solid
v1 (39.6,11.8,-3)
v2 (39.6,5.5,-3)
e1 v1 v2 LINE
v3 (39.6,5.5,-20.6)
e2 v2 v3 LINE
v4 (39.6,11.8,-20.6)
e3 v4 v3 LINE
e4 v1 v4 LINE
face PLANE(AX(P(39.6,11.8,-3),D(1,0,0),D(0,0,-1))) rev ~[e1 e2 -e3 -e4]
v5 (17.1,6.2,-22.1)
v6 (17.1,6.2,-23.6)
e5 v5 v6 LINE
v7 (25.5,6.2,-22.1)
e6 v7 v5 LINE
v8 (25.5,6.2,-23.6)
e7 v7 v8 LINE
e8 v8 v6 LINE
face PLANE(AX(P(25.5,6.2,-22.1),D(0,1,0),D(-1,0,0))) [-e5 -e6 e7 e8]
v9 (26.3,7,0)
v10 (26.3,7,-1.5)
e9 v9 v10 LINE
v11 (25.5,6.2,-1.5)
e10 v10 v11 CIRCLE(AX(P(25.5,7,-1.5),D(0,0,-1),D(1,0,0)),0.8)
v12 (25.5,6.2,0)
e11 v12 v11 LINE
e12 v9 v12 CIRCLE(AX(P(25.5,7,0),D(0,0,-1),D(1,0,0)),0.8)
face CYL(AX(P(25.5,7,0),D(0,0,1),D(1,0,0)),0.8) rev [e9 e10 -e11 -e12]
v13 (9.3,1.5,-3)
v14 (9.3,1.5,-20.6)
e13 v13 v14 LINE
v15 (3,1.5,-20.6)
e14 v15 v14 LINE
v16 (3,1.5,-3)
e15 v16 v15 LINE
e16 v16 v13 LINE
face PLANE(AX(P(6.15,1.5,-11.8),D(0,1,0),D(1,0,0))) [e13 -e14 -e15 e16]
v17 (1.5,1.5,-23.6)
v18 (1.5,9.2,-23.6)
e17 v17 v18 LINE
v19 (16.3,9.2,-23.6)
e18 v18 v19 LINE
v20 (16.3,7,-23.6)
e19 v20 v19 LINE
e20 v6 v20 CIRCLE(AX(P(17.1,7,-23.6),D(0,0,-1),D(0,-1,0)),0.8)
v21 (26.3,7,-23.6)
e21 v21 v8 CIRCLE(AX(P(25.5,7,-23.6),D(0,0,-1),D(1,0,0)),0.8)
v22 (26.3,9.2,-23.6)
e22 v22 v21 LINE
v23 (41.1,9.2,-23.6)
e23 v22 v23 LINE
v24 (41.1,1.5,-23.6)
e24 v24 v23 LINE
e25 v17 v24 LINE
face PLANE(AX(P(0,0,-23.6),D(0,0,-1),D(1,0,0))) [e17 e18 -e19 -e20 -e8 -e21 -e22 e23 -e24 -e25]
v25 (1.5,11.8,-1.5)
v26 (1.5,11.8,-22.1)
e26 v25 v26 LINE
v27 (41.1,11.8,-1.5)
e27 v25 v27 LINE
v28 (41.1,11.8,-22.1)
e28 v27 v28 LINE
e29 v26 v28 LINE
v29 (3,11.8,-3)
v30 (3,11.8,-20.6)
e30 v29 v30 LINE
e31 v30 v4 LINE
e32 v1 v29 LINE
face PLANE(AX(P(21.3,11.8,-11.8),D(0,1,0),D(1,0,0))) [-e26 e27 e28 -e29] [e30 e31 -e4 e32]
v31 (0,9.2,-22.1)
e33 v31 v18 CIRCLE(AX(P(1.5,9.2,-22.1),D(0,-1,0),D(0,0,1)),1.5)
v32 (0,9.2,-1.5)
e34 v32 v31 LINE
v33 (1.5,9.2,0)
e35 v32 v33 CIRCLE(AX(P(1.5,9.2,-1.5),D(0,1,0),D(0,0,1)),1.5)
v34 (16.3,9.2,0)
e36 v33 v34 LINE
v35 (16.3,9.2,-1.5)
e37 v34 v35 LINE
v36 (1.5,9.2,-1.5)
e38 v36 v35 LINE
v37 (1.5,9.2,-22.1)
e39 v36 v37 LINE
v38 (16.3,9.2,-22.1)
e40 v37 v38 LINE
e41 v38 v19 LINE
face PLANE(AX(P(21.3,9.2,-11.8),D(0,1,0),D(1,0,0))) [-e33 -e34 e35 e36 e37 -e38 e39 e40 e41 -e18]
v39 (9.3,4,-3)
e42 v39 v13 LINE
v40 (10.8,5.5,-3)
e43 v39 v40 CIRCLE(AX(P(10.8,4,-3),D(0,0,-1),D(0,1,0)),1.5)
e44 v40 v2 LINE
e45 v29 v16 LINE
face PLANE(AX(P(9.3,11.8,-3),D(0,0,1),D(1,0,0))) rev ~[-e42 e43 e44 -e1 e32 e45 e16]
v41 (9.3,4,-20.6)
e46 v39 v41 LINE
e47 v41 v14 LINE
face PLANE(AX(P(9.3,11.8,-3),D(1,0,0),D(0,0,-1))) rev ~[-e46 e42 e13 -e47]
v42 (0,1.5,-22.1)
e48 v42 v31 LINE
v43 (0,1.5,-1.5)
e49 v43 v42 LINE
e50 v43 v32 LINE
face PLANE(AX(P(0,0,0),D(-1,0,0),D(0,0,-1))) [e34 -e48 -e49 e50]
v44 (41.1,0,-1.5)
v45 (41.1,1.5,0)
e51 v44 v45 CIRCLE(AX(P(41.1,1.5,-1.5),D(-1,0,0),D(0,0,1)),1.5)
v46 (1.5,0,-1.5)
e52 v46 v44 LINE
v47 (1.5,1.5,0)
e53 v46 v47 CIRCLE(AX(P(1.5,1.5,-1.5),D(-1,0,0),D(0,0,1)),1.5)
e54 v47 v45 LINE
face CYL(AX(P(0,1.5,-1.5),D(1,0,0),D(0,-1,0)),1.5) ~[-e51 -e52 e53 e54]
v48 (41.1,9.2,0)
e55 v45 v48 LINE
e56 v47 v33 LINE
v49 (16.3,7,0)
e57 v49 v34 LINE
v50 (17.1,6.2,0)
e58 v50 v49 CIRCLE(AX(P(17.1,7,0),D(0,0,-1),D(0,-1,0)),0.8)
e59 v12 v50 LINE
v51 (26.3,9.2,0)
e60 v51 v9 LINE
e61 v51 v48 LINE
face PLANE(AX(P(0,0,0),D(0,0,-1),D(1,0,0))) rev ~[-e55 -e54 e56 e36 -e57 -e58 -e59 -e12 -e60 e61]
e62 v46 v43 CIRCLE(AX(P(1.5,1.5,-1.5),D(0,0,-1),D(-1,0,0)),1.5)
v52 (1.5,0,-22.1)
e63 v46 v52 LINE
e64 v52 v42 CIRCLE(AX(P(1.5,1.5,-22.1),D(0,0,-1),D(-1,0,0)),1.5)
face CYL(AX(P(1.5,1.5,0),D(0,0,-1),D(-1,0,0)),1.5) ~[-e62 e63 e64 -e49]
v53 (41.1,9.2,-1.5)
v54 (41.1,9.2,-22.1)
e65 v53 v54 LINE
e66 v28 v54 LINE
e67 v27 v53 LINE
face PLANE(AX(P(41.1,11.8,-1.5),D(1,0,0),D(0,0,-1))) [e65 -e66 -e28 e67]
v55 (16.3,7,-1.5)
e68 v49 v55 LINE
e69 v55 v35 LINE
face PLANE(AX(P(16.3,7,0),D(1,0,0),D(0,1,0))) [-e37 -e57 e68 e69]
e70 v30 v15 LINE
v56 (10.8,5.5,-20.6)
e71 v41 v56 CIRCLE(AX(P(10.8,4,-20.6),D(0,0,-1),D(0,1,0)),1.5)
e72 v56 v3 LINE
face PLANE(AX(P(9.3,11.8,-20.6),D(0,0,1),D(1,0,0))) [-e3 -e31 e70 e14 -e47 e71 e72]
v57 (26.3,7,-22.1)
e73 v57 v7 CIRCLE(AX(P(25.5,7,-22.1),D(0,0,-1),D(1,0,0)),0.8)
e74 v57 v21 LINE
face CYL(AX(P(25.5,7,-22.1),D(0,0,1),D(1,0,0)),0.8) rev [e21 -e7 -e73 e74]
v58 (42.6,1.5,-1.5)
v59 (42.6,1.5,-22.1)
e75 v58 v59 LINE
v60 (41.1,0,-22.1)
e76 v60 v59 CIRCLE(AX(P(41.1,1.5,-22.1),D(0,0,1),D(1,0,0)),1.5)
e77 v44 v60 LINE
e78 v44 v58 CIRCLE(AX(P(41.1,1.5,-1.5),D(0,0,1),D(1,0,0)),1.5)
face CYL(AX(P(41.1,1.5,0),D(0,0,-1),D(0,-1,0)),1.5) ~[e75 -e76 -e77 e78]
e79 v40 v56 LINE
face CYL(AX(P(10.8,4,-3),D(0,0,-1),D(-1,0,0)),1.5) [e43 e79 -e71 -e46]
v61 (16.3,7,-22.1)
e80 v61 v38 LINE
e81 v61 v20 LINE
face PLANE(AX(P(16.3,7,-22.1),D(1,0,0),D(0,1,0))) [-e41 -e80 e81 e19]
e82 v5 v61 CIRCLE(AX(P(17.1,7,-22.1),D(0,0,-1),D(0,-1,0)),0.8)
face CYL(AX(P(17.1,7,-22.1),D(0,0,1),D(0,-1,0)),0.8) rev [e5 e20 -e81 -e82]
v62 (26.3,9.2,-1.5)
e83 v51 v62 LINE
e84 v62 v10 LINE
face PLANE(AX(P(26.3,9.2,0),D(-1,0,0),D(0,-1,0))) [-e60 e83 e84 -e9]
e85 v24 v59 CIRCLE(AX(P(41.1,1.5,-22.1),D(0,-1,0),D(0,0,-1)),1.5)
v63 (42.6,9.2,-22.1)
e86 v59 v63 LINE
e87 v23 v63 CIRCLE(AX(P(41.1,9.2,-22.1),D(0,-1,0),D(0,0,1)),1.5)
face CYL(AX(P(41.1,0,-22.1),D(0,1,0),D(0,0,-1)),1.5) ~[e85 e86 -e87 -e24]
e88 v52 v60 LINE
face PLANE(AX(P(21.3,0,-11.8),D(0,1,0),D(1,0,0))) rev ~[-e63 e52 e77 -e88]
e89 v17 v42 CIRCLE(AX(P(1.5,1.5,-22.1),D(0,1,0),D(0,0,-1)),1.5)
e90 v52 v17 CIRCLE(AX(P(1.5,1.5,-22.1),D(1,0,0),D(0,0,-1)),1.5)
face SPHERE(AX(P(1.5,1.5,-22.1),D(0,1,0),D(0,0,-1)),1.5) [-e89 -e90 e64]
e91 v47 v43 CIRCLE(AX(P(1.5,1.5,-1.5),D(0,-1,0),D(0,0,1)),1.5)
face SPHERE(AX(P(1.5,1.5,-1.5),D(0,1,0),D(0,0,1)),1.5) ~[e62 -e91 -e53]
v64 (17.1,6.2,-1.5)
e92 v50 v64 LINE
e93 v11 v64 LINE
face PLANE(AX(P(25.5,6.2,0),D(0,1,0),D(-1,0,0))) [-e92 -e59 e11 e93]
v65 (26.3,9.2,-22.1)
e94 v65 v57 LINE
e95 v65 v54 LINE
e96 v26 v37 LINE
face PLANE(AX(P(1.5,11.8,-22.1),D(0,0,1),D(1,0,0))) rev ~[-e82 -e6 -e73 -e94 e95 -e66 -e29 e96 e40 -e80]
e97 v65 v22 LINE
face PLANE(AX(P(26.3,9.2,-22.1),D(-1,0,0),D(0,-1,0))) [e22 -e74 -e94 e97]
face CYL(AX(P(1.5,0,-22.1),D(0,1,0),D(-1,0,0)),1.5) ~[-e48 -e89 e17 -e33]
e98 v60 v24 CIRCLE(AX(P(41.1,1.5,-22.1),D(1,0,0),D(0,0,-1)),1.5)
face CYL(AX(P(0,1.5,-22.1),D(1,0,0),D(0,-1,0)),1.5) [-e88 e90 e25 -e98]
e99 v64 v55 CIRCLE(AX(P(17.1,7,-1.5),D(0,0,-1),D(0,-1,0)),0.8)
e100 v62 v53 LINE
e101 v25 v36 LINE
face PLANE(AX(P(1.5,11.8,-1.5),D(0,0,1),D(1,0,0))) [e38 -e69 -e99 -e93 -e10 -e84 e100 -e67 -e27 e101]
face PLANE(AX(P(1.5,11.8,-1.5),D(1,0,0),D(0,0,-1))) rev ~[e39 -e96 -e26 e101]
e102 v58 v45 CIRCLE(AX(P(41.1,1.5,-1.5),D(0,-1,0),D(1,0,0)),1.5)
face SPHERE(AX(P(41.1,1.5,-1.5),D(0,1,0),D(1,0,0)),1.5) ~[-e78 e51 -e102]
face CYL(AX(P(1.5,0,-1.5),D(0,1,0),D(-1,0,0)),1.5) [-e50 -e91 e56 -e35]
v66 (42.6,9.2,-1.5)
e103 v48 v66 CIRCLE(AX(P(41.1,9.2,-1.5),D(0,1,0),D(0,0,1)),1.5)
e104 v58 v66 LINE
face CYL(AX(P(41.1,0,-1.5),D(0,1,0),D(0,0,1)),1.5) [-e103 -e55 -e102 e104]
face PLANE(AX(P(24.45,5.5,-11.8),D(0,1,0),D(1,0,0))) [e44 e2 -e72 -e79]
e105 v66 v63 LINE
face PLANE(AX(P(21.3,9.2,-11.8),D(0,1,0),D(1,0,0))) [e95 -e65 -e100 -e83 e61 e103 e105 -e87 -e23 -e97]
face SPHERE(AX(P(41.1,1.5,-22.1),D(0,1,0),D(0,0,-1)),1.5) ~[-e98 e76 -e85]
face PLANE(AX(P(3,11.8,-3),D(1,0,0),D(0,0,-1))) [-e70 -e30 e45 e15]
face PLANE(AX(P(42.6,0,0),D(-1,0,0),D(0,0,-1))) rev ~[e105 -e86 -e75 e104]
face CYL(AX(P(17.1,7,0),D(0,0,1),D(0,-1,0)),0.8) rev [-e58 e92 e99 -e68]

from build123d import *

# Parameters (mm, degrees)
SKETCH2_W           = 42.6
SKETCH2_H           = 23.6
BOSS_EXTRUDE1_DEPTH = 11.8
SKETCH4_W           = 30.3
SKETCH4_H           = 17.6
CUT_EXTRUDE2_DEPTH  = 6.3
SKETCH5_W           = 6.3
SKETCH5_H           = 17.6
CUT_EXTRUDE3_DEPTH  = 10.3
SKETCH6_W           = 42.6
SKETCH6_H           = 23.6
SKETCH6_W_2         = 39.6
SKETCH6_H_2         = 20.6
CUT_EXTRUDE4_DEPTH  = 2.6
FILLET1_R           = 1.5
FILLET2_R           = 1.5
CUT_EXTRUDE5_DEPTH  = 1.5
CUT_EXTRUDE6_START  = -1.5
CUT_EXTRUDE6_DEPTH  = 1.5


with BuildPart() as part:
    # Sketch2 → Boss-Extrude1 (new body)
    with BuildSketch(Plane(origin=(0, 0, 0), x_dir=(1, 0, 0), z_dir=(0, 1, 0))):
        with Locations((21.3, 11.8)):
            Rectangle(SKETCH2_W, SKETCH2_H)
    extrude(amount=BOSS_EXTRUDE1_DEPTH)

    # Sketch4 → Cut-Extrude2 (cut)
    with BuildSketch(Plane(origin=(0, 11.8, 0), x_dir=(1, 0, 0), z_dir=(0, 1, 0))):
        with Locations((24.45, 11.8)):
            Rectangle(SKETCH4_W, SKETCH4_H)
    extrude(amount=-CUT_EXTRUDE2_DEPTH, mode=Mode.SUBTRACT)

    # Sketch5 → Cut-Extrude3 (cut)
    with BuildSketch(Plane(origin=(0, 11.8, 0), x_dir=(1, 0, 0), z_dir=(0, 1, 0))):
        with Locations((6.15, 11.8)):
            Rectangle(SKETCH5_W, SKETCH5_H)
    extrude(amount=-CUT_EXTRUDE3_DEPTH, mode=Mode.SUBTRACT)

    # Sketch6 → Cut-Extrude4 (cut)
    with BuildSketch(Plane(origin=(0, 11.8, 0), x_dir=(1, 0, 0), z_dir=(0, 1, 0))):
        with Locations((21.3, 11.8)):
            Rectangle(SKETCH6_W, SKETCH6_H)
        with Locations((21.3, 11.8)):
            Rectangle(SKETCH6_W_2, SKETCH6_H_2, mode=Mode.SUBTRACT)
    extrude(amount=-CUT_EXTRUDE4_DEPTH, mode=Mode.SUBTRACT)

    # Fillet1
    fillet1_edges = [part.edges().sort_by_distance(p)[0] for p in [
        (0, 4.6, -23.6),
        (42.6, 4.6, -23.6),
        (42.6, 4.6, 0),
        (0, 4.6, 0),
        (21.3, 0, -23.6),
        (42.6, 0, -11.8),
        (21.3, 0, 0),
        (0, 0, -11.8),
    ]]
    fillet(fillet1_edges, radius=FILLET1_R)

    # Fillet2
    fillet2_edges = [part.edges().sort_by_distance(p)[0] for p in [
        (9.3, 5.5, -11.8),
    ]]
    fillet(fillet2_edges, radius=FILLET2_R)

    # Sketch8 → Cut-Extrude5 (cut)
    with BuildSketch(Plane.XY):
        with BuildLine():
            Line((16.3, 9.2), (26.3, 9.2))
            Line((26.3, 9.2), (26.3, 7))
            ThreePointArc((26.3, 7), (26.065685425, 6.434314575), (25.5, 6.2))
            Line((25.5, 6.2), (17.1, 6.2))
            ThreePointArc((17.1, 6.2), (16.534314575, 6.434314575), (16.3, 7))
            Line((16.3, 7), (16.3, 9.2))
        make_face()
    extrude(amount=-CUT_EXTRUDE5_DEPTH, mode=Mode.SUBTRACT)

    # Sketch9 → Cut-Extrude6 (cut)
    with BuildSketch(Plane(origin=(0, 0, -23.6), x_dir=(-1, 0, 0), z_dir=(0, 0, -1)).offset(CUT_EXTRUDE6_START)):
        with BuildLine():
            Line((-16.3, 9.2), (-26.3, 9.2))
            Line((-26.3, 9.2), (-26.3, 7))
            ThreePointArc((-26.3, 7), (-26.065685425, 6.434314575), (-25.5, 6.2))
            Line((-25.5, 6.2), (-17.1, 6.2))
            ThreePointArc((-17.1, 6.2), (-16.534314575, 6.434314575), (-16.3, 7))
            Line((-16.3, 7), (-16.3, 9.2))
        make_face()
    extrude(amount=CUT_EXTRUDE6_DEPTH, mode=Mode.SUBTRACT)


solid = part.part
